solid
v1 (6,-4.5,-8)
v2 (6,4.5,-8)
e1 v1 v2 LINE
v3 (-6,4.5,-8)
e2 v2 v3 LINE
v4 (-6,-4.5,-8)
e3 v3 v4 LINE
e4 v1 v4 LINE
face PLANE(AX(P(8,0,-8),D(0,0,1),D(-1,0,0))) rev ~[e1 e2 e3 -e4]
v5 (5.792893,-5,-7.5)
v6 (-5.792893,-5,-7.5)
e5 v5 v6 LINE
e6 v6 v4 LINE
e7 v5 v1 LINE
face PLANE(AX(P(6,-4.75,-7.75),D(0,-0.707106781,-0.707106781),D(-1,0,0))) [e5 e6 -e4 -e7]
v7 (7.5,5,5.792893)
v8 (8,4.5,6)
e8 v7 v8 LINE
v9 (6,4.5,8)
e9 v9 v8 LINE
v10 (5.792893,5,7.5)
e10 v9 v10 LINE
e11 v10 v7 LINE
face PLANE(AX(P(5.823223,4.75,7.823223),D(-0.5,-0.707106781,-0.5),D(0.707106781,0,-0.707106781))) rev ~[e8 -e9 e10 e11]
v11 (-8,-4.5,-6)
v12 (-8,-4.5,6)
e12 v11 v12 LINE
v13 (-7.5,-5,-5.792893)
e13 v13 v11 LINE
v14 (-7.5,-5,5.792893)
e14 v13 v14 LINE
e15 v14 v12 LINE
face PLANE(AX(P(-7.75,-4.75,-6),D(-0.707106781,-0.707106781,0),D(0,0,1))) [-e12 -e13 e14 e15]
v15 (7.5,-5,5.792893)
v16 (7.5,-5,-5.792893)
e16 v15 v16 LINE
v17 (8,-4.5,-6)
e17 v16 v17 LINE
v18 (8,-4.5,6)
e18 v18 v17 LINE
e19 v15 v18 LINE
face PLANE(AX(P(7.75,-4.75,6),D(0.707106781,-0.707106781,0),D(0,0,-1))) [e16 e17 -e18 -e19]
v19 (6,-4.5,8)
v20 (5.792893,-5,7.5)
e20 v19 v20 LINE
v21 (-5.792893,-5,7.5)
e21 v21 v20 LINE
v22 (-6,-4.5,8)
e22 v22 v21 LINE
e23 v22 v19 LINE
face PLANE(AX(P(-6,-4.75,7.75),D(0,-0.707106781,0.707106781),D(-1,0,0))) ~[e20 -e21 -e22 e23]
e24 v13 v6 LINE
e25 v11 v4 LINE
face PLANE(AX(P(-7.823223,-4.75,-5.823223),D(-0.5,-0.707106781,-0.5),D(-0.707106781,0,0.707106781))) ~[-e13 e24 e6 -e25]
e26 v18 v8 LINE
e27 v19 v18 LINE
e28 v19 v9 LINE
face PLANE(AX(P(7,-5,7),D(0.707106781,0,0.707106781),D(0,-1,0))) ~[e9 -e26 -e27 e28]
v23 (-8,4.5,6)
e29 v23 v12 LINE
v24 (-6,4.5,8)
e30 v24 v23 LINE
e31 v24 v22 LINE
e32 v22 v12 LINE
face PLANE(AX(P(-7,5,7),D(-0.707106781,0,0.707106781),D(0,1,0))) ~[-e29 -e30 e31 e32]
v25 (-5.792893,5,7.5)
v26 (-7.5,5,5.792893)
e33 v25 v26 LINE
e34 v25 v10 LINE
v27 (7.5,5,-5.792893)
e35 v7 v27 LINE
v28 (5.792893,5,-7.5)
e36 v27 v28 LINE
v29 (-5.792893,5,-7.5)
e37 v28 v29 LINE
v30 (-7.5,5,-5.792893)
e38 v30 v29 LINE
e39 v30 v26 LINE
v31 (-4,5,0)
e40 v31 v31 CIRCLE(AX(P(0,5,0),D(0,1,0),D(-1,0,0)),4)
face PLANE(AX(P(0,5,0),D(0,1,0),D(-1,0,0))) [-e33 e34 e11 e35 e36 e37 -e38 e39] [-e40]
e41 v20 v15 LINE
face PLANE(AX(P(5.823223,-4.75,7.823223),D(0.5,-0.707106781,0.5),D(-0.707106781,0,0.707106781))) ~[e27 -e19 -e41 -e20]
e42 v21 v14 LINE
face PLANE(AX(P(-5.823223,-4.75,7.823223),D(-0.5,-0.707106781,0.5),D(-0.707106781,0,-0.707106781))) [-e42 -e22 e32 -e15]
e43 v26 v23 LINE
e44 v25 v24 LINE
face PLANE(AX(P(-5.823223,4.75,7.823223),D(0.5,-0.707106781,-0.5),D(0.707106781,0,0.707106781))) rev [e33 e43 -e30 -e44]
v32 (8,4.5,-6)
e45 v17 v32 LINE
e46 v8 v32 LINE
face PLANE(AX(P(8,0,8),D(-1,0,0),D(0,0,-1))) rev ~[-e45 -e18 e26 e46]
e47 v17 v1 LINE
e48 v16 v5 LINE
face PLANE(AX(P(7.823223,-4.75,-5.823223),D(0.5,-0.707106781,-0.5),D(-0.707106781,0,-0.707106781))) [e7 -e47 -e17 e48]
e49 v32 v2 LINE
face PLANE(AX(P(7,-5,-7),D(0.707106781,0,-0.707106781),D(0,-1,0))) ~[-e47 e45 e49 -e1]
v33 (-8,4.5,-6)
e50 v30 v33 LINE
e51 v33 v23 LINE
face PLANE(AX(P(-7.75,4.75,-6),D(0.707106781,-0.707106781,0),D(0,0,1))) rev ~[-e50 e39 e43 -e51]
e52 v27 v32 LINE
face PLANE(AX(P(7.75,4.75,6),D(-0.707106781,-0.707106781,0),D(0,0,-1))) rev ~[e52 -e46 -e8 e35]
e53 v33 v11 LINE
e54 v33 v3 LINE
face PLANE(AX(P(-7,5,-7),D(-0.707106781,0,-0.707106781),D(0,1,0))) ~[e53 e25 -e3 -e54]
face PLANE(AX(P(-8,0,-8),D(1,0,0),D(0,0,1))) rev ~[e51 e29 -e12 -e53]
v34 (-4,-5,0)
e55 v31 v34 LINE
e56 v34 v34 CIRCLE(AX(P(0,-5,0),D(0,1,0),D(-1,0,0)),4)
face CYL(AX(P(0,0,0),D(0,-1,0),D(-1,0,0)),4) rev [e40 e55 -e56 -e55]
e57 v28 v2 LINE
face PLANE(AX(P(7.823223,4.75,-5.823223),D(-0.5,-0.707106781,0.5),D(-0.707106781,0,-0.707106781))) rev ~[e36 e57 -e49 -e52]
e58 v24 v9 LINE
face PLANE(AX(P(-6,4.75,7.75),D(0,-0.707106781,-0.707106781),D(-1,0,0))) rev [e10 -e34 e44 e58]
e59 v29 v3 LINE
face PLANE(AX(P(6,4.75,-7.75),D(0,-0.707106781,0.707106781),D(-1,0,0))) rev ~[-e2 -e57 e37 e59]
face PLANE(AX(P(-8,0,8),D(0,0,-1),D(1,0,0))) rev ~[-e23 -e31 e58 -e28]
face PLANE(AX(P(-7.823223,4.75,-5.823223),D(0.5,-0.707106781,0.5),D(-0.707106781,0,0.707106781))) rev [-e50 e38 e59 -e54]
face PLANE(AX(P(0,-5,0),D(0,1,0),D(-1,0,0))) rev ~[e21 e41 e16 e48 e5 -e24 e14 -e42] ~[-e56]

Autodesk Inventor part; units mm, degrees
ref_plane "YZ Plane" through (0, 0, 0) normal (1, 0, 0) x (0, 1, 0)
ref_plane "XZ Plane" through (0, 0, 0) normal (0, 1, 0) x (-1, 0, 0)
ref_plane "XY Plane" through (0, 0, 0) normal (0, 0, 1) x (1, 0, 0)
sketch "Sketch1" plane through (0, 0, 0) normal (0, 1, 0) x (-1, 0, 0)
  line L0 (-8, 8) -> (-8, -8)
  line L1 (-8, -8) -> (8, -8)
  line L2 (8, -8) -> (8, 8)
  line L3 (8, 8) -> (-8, 8)
  line L4 (-8, 8) -> (8, -8) construction
  line L5 (-8, -8) -> (8, 8) construction
  circle A0 centre (0, 0) radius 4
  dimension "d0" = 16
  dimension "d1" = 8
extrude "Extrusion1" add sketch "Sketch1" along normal mid plane 10
chamfer "Chamfer1" distance 2 angle 45 4 edges at (8, 0, 8) (8, 0, -8) (-8, 0, 8) (-8, 0, -8)
chamfer "Chamfer2" distance 0.5 angle 45 16 edges at (-8, -5, 0) (-7, -5, -7) (0, -5, -8) (8, -5, 0) (7, -5, 7) (0, -5, 8) (-7, -5, 7) (7, -5, -7) (-7, 5, 7) (0, 5, 8) (-8, 5, 0) (-7, 5, -7) (0, 5, -8) (7, 5, -7) (8, 5, 0) (7, 5, 7)
properties part number "Vong_chan" material "Iron, Gray"
